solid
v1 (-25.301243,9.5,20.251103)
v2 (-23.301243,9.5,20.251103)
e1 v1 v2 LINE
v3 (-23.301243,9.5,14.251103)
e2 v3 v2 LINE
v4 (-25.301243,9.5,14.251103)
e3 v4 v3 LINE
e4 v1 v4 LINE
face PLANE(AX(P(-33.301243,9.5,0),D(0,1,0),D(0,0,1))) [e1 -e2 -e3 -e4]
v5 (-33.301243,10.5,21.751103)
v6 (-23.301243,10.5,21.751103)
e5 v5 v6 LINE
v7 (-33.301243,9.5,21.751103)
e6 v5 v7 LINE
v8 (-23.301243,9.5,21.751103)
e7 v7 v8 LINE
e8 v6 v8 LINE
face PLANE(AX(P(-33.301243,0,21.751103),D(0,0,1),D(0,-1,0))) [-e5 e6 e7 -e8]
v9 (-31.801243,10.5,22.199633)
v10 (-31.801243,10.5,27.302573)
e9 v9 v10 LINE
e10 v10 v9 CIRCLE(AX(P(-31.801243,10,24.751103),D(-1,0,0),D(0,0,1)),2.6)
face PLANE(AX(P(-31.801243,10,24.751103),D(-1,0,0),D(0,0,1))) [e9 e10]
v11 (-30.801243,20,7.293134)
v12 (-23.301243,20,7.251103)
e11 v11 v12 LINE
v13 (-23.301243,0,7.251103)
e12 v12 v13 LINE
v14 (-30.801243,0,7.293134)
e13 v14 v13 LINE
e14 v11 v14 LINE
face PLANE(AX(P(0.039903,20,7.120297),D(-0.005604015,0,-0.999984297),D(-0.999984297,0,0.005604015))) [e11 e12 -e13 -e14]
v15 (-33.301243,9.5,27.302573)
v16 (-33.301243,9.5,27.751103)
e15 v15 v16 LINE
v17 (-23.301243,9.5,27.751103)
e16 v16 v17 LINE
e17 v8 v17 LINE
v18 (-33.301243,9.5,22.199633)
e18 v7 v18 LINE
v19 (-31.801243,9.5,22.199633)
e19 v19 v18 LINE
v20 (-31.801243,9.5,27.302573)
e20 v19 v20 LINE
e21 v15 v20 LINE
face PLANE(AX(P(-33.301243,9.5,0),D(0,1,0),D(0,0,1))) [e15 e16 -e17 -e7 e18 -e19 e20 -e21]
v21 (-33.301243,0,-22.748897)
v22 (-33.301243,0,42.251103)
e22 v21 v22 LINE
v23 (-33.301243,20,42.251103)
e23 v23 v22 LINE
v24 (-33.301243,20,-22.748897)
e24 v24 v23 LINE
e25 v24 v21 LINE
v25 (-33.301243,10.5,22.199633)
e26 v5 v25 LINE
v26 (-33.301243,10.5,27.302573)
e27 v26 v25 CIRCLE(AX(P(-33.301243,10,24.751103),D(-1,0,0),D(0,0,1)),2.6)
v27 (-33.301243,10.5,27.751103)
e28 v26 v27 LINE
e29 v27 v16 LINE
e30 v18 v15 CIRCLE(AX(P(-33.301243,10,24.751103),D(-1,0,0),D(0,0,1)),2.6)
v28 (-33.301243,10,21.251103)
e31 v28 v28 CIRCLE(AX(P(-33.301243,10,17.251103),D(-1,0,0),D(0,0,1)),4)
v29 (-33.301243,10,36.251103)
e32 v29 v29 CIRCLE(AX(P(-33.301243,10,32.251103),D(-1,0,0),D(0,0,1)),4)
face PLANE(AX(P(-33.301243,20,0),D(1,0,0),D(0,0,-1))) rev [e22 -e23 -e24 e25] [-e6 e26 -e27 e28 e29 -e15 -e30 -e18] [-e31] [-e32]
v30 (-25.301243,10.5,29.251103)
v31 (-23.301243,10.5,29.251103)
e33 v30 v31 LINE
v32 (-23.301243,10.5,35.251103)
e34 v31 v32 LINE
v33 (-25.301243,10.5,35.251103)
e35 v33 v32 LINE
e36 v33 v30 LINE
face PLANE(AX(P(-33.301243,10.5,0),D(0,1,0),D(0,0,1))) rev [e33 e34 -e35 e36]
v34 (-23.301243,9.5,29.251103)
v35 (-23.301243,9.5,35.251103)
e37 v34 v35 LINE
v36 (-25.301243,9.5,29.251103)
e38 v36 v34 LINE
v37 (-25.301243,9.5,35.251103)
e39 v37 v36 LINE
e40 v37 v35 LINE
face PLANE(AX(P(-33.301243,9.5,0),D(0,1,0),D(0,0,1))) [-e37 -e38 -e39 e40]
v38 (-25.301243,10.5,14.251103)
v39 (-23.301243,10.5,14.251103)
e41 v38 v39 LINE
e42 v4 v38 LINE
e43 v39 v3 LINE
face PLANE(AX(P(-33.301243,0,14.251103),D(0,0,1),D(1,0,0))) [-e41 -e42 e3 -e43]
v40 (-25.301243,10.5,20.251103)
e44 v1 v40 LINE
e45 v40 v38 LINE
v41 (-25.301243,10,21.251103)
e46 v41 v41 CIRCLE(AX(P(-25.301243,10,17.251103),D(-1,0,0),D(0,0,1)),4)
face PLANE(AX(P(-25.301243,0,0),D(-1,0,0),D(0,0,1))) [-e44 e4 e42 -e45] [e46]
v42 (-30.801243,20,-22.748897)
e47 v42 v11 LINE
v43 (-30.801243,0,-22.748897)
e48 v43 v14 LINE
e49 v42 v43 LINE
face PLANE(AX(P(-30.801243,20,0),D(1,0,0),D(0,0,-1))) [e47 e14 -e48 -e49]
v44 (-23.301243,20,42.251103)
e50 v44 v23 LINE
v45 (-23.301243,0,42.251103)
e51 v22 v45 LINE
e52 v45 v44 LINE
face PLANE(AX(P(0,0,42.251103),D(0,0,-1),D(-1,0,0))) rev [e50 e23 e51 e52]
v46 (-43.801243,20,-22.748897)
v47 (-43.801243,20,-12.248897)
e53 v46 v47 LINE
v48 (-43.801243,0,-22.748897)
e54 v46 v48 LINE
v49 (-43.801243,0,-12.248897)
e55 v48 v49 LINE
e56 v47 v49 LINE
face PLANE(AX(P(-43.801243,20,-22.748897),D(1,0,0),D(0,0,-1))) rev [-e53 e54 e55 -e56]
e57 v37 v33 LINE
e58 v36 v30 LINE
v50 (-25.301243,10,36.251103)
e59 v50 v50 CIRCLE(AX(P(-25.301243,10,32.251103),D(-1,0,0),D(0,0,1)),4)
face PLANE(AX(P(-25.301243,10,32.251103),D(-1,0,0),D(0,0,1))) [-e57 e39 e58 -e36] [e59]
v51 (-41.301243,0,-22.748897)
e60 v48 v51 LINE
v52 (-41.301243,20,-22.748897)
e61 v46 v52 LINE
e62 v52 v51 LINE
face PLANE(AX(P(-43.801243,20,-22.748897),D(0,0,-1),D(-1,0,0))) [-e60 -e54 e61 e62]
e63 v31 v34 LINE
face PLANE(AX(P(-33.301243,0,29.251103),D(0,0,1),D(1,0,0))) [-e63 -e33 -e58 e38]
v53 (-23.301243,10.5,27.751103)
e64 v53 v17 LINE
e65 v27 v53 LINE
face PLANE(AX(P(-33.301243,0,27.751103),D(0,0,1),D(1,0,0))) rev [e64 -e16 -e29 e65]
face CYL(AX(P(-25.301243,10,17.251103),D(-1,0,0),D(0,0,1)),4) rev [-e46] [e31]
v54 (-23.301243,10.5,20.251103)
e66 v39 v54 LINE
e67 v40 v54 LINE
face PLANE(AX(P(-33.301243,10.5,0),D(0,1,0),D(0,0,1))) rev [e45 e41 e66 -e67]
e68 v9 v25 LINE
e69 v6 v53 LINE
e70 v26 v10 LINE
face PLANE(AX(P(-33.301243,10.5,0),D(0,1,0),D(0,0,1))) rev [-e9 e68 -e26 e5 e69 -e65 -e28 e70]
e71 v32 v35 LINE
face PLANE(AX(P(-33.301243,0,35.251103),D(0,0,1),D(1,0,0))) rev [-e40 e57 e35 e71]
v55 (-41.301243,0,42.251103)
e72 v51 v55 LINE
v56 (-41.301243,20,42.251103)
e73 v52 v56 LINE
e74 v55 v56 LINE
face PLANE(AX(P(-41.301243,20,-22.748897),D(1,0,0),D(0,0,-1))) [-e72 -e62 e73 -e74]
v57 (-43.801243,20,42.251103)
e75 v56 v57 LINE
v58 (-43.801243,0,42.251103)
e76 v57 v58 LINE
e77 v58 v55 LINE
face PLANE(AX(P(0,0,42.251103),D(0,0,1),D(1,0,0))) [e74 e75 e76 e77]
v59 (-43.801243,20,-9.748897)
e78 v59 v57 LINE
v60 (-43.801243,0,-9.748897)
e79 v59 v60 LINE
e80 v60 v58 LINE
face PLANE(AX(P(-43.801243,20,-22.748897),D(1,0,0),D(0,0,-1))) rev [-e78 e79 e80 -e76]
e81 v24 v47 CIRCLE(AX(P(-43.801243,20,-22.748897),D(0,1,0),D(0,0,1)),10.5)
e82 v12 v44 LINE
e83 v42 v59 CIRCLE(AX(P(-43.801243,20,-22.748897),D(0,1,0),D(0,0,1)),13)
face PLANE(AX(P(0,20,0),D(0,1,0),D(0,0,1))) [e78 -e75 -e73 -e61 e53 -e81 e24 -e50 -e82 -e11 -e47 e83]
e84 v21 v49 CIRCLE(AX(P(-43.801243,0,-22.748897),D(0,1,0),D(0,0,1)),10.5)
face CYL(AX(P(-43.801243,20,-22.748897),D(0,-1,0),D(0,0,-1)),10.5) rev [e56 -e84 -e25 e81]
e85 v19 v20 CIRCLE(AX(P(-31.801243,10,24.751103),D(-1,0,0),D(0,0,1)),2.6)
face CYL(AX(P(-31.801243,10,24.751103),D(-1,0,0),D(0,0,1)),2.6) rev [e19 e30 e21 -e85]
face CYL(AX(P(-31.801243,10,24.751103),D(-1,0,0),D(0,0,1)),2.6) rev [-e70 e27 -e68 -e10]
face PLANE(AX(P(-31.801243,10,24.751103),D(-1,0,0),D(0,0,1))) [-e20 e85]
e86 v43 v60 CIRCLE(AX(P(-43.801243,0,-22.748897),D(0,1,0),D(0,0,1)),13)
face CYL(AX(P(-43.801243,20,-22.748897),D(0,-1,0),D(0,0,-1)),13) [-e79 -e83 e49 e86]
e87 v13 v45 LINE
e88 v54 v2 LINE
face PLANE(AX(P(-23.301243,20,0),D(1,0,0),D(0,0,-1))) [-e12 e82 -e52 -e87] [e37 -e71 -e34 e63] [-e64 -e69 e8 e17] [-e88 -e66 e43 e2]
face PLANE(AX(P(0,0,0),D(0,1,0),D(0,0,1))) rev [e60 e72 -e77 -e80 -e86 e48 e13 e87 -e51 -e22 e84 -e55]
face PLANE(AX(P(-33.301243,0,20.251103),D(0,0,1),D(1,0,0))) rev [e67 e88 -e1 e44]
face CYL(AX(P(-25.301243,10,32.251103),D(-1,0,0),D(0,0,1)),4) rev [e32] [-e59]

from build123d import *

# Parameters (mm, degrees)
BOSS_EXTRUDE1_DEPTH = 20
SKETCH2_R           = 4
CUT_EXTRUDE2_DEPTH  = 8
CUT_EXTRUDE4_DEPTH  = 10
SKETCH4_R           = 2.6
CUT_EXTRUDE5_DEPTH  = 1.5
SKETCH6_W           = 2.5
SKETCH6_H           = 20
SKETCH6_W_2         = 10
BOSS_EXTRUDE3_DEPTH = 5


with BuildPart() as part:
    # Sketch1 → Boss-Extrude1 (new body)
    with BuildSketch(Plane(origin=(0, 0, 0), x_dir=(1, 0, 0), z_dir=(0, 1, 0))):
        with BuildLine():
            Line((-30.801242739, -7.293134051), (-30.801242739, 22.74889672))
            ThreePointArc((-30.801242739, 22.74889672), (-52.993630894, 31.941284876), (-43.801242739, 9.74889672))
            Line((-43.801242739, 9.74889672), (-43.801242739, -37.25110328))
            Line((-43.801242739, -37.25110328), (-41.301242739, -37.25110328))
            Line((-41.301242739, -37.25110328), (-41.301242739, 22.74889672))
            Line((-41.301242739, 22.74889672), (-43.801242739, 22.74889672))
            Line((-43.801242739, 22.74889672), (-43.801242739, 12.24889672))
            ThreePointArc((-43.801242739, 12.24889672), (-51.225863941, 30.173517923), (-33.301242739, 22.74889672))
            Line((-33.301242739, 22.74889672), (-33.301242739, -37.25110328))
            Line((-33.301242739, -37.25110328), (-23.301242739, -37.25110328))
            Line((-23.301242739, -37.25110328), (-23.301242739, -7.25110328))
            Line((-23.301242739, -7.25110328), (-30.801242739, -7.293134051))
        make_face()
    extrude(amount=BOSS_EXTRUDE1_DEPTH)

    # Sketch2 → Cut-Extrude2 (cut)
    with BuildSketch(Plane.ZY.offset(33.301242739)):
        with Locations((17.25110328, 10)):
            Circle(SKETCH2_R)
        with Locations((32.25110328, 10)):
            Circle(SKETCH2_R)
    extrude(amount=-CUT_EXTRUDE2_DEPTH, mode=Mode.SUBTRACT)

    # Sketch3 → Cut-Extrude4 (cut)
    with BuildSketch(Plane(origin=(-23.301242739, 0, 0), x_dir=(0, 0, -1), z_dir=(1, 0, 0))):
        Polygon((-24.75110328, 10), (-27.75110328, 10.5), (-27.75110328, 9.5), align=None)
        Polygon((-21.75110328, 10.5), (-27.75110328, 10.5), (-24.75110328, 10), align=None)
        Polygon((-21.75110328, 10.5), (-24.75110328, 10), (-21.75110328, 9.5), align=None)
        Polygon((-21.75110328, 9.5), (-24.75110328, 10), (-27.75110328, 9.5), align=None)
        Polygon((-17.25110328, 10), (-20.25110328, 10.5), (-20.25110328, 9.5), align=None)
        Polygon((-14.25110328, 10.5), (-17.25110328, 10), (-14.25110328, 9.5), align=None)
        Polygon((-14.25110328, 10.5), (-20.25110328, 10.5), (-17.25110328, 10), align=None)
        Polygon((-14.25110328, 9.5), (-17.25110328, 10), (-20.25110328, 9.5), align=None)
        Polygon((-29.25110328, 10.5), (-32.25110328, 10), (-29.25110328, 9.5), align=None)
        Polygon((-29.25110328, 10.5), (-35.25110328, 10.5), (-32.25110328, 10), align=None)
        Polygon((-32.25110328, 10), (-35.25110328, 10.5), (-35.25110328, 9.5), align=None)
        Polygon((-29.25110328, 9.5), (-32.25110328, 10), (-35.25110328, 9.5), align=None)
    extrude(amount=-CUT_EXTRUDE4_DEPTH, mode=Mode.SUBTRACT)

    # Sketch4 → Cut-Extrude5 (cut)
    with BuildSketch(Plane.ZY.offset(33.301242739)):
        with Locations((24.75110328, 10)):
            Circle(SKETCH4_R)
    extrude(amount=-CUT_EXTRUDE5_DEPTH, mode=Mode.SUBTRACT)

    # Sketch6 → Boss-Extrude3 (add)
    with BuildSketch(Plane.XY.offset(37.25110328)):
        with Locations((-42.551242739, 10)):
            Rectangle(SKETCH6_W, SKETCH6_H)
        with Locations((-28.301242739, 10)):
            Rectangle(SKETCH6_W_2, SKETCH6_H)
    extrude(amount=BOSS_EXTRUDE3_DEPTH)


solid = part.part
